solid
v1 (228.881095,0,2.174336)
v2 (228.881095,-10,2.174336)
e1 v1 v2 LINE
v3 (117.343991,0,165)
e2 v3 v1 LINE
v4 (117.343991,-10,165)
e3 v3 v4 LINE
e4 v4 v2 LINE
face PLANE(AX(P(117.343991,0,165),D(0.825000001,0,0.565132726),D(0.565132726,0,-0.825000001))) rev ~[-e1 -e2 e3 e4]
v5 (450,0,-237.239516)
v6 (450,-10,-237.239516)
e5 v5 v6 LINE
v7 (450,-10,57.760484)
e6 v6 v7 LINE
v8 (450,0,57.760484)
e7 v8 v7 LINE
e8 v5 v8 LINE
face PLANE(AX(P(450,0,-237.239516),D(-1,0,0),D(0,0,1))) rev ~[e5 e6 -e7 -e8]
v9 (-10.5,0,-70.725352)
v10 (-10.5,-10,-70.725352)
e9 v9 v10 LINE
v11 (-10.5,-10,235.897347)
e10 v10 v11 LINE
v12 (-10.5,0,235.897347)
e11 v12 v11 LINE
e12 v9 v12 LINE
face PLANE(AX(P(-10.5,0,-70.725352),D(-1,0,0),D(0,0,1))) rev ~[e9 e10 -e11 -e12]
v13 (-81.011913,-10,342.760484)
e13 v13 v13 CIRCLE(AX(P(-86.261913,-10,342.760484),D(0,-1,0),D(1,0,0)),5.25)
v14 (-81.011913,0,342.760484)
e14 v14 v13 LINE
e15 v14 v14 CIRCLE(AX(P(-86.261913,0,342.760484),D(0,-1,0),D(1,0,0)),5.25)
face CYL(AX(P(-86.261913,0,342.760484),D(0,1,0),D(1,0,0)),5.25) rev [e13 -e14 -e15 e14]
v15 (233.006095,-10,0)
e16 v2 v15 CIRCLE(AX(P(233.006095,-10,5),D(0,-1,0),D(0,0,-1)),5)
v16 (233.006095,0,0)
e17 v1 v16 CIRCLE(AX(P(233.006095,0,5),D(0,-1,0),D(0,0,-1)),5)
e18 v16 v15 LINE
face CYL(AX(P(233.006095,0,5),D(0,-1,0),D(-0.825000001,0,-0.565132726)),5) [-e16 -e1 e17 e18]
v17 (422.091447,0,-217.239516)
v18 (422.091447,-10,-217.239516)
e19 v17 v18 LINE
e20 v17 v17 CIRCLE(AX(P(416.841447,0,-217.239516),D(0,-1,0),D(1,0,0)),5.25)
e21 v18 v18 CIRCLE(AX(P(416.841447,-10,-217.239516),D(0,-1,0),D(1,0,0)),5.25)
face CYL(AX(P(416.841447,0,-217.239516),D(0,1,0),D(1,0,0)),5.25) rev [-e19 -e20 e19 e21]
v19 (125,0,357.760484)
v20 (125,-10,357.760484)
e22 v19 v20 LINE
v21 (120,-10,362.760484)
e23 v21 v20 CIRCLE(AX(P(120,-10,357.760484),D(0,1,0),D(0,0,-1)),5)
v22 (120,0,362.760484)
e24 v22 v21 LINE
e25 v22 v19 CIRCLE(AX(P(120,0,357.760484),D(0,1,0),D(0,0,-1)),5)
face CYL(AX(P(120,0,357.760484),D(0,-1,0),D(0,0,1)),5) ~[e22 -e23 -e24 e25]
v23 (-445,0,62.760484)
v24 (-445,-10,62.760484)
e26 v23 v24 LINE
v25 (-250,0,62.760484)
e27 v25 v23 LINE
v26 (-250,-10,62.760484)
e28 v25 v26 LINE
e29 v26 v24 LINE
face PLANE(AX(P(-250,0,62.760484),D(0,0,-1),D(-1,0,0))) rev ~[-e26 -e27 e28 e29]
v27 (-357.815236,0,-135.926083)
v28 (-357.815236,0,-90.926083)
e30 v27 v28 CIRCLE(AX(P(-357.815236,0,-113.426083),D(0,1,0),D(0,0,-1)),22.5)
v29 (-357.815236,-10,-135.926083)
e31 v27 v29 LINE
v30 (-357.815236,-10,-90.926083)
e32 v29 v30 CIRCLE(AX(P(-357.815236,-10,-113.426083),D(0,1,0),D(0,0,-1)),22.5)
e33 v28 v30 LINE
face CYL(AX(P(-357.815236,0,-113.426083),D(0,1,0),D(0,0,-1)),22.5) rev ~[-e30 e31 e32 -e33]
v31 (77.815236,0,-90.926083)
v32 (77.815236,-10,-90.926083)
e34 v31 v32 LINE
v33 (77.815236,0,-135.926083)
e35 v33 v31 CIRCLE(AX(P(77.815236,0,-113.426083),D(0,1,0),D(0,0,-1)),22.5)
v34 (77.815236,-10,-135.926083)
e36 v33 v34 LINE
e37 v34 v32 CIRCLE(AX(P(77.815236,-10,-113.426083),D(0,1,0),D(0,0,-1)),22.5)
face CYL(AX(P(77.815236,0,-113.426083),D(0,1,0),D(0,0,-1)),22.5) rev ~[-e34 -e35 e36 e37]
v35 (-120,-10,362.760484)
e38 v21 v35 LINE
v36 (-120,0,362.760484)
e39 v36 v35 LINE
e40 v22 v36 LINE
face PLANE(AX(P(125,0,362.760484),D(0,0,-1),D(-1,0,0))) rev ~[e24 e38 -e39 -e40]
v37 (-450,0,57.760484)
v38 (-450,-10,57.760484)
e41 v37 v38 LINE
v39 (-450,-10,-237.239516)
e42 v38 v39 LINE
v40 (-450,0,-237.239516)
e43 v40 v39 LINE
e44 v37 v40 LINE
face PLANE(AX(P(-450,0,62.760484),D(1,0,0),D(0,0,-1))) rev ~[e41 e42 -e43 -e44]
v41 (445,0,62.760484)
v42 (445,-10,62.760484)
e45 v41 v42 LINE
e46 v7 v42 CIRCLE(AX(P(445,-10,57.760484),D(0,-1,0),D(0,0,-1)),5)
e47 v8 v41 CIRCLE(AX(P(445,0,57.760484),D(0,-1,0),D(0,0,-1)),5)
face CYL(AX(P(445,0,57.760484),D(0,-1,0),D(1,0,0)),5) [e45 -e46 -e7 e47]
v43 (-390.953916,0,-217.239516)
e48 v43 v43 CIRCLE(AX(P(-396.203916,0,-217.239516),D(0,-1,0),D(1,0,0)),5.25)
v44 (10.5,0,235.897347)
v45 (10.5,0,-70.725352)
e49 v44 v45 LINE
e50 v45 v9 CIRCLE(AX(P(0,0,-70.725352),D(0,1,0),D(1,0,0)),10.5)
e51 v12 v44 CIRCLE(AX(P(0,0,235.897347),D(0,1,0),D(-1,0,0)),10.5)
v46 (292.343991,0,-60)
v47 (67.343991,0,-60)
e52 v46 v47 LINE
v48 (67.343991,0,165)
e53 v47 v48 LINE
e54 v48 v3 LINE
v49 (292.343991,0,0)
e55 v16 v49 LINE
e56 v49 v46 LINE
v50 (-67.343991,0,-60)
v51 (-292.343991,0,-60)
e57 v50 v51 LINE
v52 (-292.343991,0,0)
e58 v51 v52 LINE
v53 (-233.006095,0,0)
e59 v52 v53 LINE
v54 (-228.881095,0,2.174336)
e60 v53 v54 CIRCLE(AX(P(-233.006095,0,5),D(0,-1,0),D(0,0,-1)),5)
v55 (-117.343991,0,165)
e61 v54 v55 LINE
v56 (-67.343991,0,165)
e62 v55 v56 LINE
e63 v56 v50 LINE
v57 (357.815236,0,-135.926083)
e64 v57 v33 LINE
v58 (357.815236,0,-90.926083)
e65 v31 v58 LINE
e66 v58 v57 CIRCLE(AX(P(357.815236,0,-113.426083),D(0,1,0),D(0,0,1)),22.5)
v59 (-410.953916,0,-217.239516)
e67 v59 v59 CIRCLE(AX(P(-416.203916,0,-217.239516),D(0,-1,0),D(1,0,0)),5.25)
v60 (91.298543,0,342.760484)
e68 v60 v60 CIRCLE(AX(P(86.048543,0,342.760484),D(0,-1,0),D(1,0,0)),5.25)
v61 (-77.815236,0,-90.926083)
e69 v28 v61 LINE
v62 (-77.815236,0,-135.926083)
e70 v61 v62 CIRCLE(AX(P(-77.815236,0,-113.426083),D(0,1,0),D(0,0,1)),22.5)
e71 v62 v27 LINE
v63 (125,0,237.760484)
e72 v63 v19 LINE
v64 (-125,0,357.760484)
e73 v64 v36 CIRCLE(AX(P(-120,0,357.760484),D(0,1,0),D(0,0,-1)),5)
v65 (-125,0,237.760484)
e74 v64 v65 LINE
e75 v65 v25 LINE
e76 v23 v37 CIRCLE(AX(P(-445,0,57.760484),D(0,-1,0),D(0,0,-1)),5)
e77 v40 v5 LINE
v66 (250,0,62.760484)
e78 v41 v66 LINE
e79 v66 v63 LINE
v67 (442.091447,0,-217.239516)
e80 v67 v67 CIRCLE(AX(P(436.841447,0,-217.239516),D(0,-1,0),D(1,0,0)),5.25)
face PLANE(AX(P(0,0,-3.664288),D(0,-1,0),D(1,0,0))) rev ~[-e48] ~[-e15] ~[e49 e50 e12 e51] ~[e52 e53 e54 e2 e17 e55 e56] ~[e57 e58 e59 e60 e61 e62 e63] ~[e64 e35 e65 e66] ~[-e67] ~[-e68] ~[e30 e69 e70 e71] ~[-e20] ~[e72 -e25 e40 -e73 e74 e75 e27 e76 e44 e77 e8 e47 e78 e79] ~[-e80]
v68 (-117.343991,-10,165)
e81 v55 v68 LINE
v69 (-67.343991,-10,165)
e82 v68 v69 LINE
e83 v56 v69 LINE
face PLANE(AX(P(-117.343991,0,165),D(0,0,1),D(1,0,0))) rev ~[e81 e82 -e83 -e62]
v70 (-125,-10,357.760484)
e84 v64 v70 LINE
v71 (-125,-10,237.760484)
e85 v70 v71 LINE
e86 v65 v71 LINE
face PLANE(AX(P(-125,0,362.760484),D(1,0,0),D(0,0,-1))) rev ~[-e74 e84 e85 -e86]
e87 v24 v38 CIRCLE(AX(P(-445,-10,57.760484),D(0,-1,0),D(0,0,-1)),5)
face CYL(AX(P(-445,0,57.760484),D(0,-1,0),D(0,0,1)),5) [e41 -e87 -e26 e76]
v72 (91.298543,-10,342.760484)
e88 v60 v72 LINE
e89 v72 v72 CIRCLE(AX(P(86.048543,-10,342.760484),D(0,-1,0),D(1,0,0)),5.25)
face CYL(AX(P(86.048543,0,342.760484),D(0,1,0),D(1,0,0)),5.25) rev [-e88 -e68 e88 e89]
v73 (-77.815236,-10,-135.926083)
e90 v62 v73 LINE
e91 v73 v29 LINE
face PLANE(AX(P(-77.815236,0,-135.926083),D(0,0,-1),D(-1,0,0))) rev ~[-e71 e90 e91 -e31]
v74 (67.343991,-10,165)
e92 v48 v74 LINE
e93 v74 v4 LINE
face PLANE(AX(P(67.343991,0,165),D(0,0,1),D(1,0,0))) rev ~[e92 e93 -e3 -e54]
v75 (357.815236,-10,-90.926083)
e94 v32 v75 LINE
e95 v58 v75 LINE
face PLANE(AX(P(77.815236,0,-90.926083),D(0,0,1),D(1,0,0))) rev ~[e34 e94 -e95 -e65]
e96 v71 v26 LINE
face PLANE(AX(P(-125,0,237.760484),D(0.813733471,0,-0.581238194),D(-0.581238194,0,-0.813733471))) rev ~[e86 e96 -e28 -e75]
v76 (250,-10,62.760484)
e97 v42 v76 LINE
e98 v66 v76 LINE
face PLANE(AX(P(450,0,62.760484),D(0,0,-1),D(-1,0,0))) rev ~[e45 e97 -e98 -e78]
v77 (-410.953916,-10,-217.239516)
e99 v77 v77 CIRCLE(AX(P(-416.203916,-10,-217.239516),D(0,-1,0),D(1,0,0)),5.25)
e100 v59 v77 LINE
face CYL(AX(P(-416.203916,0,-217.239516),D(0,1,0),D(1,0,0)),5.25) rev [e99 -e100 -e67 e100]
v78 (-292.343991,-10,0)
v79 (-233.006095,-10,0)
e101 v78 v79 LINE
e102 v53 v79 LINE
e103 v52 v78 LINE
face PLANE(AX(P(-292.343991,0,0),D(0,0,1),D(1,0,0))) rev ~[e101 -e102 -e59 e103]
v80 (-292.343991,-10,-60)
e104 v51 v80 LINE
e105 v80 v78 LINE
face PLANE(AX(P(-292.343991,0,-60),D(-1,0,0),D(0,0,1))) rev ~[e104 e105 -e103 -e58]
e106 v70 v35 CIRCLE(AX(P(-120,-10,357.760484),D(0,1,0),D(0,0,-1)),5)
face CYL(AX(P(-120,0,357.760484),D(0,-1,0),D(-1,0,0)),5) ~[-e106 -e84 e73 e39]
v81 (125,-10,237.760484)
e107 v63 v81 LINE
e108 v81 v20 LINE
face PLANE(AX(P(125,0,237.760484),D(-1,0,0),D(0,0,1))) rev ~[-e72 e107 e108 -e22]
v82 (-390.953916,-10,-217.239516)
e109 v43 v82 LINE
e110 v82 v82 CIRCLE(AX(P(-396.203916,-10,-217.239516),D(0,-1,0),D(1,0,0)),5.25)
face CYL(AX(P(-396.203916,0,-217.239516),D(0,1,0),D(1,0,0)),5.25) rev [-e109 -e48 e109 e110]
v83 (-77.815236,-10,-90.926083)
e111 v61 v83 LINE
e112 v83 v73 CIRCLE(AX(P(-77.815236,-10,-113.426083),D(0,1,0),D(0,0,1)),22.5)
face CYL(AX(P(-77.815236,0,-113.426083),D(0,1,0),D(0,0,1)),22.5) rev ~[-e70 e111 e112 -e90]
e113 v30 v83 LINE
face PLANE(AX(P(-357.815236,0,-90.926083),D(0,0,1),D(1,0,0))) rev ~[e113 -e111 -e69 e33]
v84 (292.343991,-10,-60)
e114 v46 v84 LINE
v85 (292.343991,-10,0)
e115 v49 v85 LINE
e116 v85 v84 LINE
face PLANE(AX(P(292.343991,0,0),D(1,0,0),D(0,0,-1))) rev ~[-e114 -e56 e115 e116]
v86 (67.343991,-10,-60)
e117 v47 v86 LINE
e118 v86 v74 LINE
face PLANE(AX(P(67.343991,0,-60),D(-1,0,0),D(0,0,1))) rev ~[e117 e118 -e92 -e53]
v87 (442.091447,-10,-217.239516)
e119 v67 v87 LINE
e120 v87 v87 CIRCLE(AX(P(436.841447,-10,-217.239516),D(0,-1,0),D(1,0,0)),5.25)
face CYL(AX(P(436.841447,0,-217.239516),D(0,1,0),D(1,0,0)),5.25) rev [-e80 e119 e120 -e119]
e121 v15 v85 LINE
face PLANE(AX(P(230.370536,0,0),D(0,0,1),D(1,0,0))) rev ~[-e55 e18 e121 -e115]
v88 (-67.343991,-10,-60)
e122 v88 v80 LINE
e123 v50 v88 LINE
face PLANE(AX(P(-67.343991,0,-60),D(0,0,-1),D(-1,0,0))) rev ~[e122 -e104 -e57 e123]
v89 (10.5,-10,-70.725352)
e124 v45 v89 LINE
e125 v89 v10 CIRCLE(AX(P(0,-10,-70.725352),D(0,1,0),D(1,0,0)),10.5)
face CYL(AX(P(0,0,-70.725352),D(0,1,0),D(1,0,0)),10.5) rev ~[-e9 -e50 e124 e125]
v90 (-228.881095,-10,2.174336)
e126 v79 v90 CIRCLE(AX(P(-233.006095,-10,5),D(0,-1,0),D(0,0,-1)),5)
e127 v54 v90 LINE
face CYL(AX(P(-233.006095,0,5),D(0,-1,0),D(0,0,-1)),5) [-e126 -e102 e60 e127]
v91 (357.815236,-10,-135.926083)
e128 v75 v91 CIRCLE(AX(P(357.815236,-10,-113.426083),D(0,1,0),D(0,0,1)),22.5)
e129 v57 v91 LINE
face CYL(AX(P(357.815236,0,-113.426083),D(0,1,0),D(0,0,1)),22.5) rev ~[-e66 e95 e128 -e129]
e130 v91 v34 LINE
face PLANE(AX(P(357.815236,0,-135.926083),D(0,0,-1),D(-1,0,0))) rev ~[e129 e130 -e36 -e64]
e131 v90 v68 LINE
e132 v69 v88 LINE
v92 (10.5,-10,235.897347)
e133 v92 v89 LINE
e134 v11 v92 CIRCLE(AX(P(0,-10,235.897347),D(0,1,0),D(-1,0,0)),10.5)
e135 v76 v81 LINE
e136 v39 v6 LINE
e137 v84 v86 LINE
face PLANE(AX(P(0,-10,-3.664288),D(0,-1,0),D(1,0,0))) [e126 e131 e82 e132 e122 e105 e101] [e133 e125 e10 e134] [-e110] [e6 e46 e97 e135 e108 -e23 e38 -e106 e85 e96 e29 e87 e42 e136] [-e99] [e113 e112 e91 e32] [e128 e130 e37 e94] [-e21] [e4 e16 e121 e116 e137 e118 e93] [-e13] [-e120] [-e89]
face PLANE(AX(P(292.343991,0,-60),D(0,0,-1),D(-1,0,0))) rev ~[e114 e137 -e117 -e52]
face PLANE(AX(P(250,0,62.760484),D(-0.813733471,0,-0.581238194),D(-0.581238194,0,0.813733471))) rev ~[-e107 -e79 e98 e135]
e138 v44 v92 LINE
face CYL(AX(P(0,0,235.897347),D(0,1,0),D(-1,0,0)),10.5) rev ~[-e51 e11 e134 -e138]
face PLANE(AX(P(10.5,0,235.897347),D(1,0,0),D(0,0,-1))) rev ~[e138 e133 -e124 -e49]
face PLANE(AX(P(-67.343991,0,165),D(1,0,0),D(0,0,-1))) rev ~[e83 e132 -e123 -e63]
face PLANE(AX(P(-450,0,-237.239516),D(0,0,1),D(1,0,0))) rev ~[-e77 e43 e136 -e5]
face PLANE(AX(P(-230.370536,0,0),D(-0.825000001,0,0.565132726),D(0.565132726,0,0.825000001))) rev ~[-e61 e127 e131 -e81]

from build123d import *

# Parameters (mm, degrees)
F0_R     = 5.25
F1_DEPTH = 10
F2_R     = 5
F3_R     = 5


with BuildPart() as f1:
    # F0 (on Front) → F1 (new body)
    with BuildSketch(Plane.XZ):
        Polygon((-250, 62.760484), (-450, 62.760484), (-450, -237.239516), (0, -237.239516), (450, -237.239516), (450, 62.760484), (250, 62.760484), (125, 237.760484), (125, 362.760484), (-125, 362.760484), (-125, 237.760484), align=None)
        with Locations((-416.203916, -217.239516)):
            Circle(F0_R, mode=Mode.SUBTRACT)
        with Locations((-396.203916, -217.239516)):
            Circle(F0_R, mode=Mode.SUBTRACT)
        with BuildLine():
            Line((-357.815236, -90.926083), (-77.815236, -90.926083))
            ThreePointArc((-77.815236, -90.926083), (-55.315236, -113.426083), (-77.815236, -135.926083))
            Line((-77.815236, -135.926083), (-357.815236, -135.926083))
            ThreePointArc((-357.815236, -135.926083), (-380.315236, -113.426083), (-357.815236, -90.926083))
        make_face(mode=Mode.SUBTRACT)
        Polygon((-292.343991, -60), (-292.343991, 0), (-230.370536, 0), (-117.343991, 165), (-67.343991, 165), (-67.343991, 0), (-67.343991, -60), align=None, mode=Mode.SUBTRACT)
        with BuildLine():
            ThreePointArc((77.815236, -135.926083), (55.315236, -113.426083), (77.815236, -90.926083))
            Line((77.815236, -90.926083), (357.815236, -90.926083))
            ThreePointArc((357.815236, -90.926083), (380.315236, -113.426083), (357.815236, -135.926083))
            Line((357.815236, -135.926083), (77.815236, -135.926083))
        make_face(mode=Mode.SUBTRACT)
        with Locations((416.841447, -217.239516)):
            Circle(F0_R, mode=Mode.SUBTRACT)
        with Locations((436.841447, -217.239516)):
            Circle(F0_R, mode=Mode.SUBTRACT)
        Polygon((67.343991, 0), (67.343991, 165), (117.343991, 165), (230.370536, 0), (292.343991, 0), (292.343991, -60), (67.343991, -60), align=None, mode=Mode.SUBTRACT)
        with Locations((-86.261913, 342.760484)):
            Circle(F0_R, mode=Mode.SUBTRACT)
        with BuildLine():
            Line((-10.5, 0), (-10.5, 235.897347))
            ThreePointArc((-10.5, 235.897347), (0, 246.397347), (10.5, 235.897347))
            Line((10.5, 235.897347), (10.5, 0))
            Line((10.5, 0), (10.5, -70.725352))
            ThreePointArc((10.5, -70.725352), (0, -81.225352), (-10.5, -70.725352))
            Line((-10.5, -70.725352), (-10.5, 0))
        make_face(mode=Mode.SUBTRACT)
        with Locations((86.048543, 342.760484)):
            Circle(F0_R, mode=Mode.SUBTRACT)
    extrude(amount=F1_DEPTH)

    # F2
    f2_edges = [f1.edges().sort_by_distance(p)[0] for p in [
        (-230.370536, -5, 0),
        (230.370536, -5, 0),
    ]]
    fillet(f2_edges, radius=F2_R)

    # F3
    f3_edges = [f1.edges().sort_by_distance(p)[0] for p in [
        (-450, -5, 62.760484),
        (-125, -5, 362.760484),
        (125, -5, 362.760484),
        (450, -5, 62.760484),
    ]]
    fillet(f3_edges, radius=F3_R)


solid = f1.part
